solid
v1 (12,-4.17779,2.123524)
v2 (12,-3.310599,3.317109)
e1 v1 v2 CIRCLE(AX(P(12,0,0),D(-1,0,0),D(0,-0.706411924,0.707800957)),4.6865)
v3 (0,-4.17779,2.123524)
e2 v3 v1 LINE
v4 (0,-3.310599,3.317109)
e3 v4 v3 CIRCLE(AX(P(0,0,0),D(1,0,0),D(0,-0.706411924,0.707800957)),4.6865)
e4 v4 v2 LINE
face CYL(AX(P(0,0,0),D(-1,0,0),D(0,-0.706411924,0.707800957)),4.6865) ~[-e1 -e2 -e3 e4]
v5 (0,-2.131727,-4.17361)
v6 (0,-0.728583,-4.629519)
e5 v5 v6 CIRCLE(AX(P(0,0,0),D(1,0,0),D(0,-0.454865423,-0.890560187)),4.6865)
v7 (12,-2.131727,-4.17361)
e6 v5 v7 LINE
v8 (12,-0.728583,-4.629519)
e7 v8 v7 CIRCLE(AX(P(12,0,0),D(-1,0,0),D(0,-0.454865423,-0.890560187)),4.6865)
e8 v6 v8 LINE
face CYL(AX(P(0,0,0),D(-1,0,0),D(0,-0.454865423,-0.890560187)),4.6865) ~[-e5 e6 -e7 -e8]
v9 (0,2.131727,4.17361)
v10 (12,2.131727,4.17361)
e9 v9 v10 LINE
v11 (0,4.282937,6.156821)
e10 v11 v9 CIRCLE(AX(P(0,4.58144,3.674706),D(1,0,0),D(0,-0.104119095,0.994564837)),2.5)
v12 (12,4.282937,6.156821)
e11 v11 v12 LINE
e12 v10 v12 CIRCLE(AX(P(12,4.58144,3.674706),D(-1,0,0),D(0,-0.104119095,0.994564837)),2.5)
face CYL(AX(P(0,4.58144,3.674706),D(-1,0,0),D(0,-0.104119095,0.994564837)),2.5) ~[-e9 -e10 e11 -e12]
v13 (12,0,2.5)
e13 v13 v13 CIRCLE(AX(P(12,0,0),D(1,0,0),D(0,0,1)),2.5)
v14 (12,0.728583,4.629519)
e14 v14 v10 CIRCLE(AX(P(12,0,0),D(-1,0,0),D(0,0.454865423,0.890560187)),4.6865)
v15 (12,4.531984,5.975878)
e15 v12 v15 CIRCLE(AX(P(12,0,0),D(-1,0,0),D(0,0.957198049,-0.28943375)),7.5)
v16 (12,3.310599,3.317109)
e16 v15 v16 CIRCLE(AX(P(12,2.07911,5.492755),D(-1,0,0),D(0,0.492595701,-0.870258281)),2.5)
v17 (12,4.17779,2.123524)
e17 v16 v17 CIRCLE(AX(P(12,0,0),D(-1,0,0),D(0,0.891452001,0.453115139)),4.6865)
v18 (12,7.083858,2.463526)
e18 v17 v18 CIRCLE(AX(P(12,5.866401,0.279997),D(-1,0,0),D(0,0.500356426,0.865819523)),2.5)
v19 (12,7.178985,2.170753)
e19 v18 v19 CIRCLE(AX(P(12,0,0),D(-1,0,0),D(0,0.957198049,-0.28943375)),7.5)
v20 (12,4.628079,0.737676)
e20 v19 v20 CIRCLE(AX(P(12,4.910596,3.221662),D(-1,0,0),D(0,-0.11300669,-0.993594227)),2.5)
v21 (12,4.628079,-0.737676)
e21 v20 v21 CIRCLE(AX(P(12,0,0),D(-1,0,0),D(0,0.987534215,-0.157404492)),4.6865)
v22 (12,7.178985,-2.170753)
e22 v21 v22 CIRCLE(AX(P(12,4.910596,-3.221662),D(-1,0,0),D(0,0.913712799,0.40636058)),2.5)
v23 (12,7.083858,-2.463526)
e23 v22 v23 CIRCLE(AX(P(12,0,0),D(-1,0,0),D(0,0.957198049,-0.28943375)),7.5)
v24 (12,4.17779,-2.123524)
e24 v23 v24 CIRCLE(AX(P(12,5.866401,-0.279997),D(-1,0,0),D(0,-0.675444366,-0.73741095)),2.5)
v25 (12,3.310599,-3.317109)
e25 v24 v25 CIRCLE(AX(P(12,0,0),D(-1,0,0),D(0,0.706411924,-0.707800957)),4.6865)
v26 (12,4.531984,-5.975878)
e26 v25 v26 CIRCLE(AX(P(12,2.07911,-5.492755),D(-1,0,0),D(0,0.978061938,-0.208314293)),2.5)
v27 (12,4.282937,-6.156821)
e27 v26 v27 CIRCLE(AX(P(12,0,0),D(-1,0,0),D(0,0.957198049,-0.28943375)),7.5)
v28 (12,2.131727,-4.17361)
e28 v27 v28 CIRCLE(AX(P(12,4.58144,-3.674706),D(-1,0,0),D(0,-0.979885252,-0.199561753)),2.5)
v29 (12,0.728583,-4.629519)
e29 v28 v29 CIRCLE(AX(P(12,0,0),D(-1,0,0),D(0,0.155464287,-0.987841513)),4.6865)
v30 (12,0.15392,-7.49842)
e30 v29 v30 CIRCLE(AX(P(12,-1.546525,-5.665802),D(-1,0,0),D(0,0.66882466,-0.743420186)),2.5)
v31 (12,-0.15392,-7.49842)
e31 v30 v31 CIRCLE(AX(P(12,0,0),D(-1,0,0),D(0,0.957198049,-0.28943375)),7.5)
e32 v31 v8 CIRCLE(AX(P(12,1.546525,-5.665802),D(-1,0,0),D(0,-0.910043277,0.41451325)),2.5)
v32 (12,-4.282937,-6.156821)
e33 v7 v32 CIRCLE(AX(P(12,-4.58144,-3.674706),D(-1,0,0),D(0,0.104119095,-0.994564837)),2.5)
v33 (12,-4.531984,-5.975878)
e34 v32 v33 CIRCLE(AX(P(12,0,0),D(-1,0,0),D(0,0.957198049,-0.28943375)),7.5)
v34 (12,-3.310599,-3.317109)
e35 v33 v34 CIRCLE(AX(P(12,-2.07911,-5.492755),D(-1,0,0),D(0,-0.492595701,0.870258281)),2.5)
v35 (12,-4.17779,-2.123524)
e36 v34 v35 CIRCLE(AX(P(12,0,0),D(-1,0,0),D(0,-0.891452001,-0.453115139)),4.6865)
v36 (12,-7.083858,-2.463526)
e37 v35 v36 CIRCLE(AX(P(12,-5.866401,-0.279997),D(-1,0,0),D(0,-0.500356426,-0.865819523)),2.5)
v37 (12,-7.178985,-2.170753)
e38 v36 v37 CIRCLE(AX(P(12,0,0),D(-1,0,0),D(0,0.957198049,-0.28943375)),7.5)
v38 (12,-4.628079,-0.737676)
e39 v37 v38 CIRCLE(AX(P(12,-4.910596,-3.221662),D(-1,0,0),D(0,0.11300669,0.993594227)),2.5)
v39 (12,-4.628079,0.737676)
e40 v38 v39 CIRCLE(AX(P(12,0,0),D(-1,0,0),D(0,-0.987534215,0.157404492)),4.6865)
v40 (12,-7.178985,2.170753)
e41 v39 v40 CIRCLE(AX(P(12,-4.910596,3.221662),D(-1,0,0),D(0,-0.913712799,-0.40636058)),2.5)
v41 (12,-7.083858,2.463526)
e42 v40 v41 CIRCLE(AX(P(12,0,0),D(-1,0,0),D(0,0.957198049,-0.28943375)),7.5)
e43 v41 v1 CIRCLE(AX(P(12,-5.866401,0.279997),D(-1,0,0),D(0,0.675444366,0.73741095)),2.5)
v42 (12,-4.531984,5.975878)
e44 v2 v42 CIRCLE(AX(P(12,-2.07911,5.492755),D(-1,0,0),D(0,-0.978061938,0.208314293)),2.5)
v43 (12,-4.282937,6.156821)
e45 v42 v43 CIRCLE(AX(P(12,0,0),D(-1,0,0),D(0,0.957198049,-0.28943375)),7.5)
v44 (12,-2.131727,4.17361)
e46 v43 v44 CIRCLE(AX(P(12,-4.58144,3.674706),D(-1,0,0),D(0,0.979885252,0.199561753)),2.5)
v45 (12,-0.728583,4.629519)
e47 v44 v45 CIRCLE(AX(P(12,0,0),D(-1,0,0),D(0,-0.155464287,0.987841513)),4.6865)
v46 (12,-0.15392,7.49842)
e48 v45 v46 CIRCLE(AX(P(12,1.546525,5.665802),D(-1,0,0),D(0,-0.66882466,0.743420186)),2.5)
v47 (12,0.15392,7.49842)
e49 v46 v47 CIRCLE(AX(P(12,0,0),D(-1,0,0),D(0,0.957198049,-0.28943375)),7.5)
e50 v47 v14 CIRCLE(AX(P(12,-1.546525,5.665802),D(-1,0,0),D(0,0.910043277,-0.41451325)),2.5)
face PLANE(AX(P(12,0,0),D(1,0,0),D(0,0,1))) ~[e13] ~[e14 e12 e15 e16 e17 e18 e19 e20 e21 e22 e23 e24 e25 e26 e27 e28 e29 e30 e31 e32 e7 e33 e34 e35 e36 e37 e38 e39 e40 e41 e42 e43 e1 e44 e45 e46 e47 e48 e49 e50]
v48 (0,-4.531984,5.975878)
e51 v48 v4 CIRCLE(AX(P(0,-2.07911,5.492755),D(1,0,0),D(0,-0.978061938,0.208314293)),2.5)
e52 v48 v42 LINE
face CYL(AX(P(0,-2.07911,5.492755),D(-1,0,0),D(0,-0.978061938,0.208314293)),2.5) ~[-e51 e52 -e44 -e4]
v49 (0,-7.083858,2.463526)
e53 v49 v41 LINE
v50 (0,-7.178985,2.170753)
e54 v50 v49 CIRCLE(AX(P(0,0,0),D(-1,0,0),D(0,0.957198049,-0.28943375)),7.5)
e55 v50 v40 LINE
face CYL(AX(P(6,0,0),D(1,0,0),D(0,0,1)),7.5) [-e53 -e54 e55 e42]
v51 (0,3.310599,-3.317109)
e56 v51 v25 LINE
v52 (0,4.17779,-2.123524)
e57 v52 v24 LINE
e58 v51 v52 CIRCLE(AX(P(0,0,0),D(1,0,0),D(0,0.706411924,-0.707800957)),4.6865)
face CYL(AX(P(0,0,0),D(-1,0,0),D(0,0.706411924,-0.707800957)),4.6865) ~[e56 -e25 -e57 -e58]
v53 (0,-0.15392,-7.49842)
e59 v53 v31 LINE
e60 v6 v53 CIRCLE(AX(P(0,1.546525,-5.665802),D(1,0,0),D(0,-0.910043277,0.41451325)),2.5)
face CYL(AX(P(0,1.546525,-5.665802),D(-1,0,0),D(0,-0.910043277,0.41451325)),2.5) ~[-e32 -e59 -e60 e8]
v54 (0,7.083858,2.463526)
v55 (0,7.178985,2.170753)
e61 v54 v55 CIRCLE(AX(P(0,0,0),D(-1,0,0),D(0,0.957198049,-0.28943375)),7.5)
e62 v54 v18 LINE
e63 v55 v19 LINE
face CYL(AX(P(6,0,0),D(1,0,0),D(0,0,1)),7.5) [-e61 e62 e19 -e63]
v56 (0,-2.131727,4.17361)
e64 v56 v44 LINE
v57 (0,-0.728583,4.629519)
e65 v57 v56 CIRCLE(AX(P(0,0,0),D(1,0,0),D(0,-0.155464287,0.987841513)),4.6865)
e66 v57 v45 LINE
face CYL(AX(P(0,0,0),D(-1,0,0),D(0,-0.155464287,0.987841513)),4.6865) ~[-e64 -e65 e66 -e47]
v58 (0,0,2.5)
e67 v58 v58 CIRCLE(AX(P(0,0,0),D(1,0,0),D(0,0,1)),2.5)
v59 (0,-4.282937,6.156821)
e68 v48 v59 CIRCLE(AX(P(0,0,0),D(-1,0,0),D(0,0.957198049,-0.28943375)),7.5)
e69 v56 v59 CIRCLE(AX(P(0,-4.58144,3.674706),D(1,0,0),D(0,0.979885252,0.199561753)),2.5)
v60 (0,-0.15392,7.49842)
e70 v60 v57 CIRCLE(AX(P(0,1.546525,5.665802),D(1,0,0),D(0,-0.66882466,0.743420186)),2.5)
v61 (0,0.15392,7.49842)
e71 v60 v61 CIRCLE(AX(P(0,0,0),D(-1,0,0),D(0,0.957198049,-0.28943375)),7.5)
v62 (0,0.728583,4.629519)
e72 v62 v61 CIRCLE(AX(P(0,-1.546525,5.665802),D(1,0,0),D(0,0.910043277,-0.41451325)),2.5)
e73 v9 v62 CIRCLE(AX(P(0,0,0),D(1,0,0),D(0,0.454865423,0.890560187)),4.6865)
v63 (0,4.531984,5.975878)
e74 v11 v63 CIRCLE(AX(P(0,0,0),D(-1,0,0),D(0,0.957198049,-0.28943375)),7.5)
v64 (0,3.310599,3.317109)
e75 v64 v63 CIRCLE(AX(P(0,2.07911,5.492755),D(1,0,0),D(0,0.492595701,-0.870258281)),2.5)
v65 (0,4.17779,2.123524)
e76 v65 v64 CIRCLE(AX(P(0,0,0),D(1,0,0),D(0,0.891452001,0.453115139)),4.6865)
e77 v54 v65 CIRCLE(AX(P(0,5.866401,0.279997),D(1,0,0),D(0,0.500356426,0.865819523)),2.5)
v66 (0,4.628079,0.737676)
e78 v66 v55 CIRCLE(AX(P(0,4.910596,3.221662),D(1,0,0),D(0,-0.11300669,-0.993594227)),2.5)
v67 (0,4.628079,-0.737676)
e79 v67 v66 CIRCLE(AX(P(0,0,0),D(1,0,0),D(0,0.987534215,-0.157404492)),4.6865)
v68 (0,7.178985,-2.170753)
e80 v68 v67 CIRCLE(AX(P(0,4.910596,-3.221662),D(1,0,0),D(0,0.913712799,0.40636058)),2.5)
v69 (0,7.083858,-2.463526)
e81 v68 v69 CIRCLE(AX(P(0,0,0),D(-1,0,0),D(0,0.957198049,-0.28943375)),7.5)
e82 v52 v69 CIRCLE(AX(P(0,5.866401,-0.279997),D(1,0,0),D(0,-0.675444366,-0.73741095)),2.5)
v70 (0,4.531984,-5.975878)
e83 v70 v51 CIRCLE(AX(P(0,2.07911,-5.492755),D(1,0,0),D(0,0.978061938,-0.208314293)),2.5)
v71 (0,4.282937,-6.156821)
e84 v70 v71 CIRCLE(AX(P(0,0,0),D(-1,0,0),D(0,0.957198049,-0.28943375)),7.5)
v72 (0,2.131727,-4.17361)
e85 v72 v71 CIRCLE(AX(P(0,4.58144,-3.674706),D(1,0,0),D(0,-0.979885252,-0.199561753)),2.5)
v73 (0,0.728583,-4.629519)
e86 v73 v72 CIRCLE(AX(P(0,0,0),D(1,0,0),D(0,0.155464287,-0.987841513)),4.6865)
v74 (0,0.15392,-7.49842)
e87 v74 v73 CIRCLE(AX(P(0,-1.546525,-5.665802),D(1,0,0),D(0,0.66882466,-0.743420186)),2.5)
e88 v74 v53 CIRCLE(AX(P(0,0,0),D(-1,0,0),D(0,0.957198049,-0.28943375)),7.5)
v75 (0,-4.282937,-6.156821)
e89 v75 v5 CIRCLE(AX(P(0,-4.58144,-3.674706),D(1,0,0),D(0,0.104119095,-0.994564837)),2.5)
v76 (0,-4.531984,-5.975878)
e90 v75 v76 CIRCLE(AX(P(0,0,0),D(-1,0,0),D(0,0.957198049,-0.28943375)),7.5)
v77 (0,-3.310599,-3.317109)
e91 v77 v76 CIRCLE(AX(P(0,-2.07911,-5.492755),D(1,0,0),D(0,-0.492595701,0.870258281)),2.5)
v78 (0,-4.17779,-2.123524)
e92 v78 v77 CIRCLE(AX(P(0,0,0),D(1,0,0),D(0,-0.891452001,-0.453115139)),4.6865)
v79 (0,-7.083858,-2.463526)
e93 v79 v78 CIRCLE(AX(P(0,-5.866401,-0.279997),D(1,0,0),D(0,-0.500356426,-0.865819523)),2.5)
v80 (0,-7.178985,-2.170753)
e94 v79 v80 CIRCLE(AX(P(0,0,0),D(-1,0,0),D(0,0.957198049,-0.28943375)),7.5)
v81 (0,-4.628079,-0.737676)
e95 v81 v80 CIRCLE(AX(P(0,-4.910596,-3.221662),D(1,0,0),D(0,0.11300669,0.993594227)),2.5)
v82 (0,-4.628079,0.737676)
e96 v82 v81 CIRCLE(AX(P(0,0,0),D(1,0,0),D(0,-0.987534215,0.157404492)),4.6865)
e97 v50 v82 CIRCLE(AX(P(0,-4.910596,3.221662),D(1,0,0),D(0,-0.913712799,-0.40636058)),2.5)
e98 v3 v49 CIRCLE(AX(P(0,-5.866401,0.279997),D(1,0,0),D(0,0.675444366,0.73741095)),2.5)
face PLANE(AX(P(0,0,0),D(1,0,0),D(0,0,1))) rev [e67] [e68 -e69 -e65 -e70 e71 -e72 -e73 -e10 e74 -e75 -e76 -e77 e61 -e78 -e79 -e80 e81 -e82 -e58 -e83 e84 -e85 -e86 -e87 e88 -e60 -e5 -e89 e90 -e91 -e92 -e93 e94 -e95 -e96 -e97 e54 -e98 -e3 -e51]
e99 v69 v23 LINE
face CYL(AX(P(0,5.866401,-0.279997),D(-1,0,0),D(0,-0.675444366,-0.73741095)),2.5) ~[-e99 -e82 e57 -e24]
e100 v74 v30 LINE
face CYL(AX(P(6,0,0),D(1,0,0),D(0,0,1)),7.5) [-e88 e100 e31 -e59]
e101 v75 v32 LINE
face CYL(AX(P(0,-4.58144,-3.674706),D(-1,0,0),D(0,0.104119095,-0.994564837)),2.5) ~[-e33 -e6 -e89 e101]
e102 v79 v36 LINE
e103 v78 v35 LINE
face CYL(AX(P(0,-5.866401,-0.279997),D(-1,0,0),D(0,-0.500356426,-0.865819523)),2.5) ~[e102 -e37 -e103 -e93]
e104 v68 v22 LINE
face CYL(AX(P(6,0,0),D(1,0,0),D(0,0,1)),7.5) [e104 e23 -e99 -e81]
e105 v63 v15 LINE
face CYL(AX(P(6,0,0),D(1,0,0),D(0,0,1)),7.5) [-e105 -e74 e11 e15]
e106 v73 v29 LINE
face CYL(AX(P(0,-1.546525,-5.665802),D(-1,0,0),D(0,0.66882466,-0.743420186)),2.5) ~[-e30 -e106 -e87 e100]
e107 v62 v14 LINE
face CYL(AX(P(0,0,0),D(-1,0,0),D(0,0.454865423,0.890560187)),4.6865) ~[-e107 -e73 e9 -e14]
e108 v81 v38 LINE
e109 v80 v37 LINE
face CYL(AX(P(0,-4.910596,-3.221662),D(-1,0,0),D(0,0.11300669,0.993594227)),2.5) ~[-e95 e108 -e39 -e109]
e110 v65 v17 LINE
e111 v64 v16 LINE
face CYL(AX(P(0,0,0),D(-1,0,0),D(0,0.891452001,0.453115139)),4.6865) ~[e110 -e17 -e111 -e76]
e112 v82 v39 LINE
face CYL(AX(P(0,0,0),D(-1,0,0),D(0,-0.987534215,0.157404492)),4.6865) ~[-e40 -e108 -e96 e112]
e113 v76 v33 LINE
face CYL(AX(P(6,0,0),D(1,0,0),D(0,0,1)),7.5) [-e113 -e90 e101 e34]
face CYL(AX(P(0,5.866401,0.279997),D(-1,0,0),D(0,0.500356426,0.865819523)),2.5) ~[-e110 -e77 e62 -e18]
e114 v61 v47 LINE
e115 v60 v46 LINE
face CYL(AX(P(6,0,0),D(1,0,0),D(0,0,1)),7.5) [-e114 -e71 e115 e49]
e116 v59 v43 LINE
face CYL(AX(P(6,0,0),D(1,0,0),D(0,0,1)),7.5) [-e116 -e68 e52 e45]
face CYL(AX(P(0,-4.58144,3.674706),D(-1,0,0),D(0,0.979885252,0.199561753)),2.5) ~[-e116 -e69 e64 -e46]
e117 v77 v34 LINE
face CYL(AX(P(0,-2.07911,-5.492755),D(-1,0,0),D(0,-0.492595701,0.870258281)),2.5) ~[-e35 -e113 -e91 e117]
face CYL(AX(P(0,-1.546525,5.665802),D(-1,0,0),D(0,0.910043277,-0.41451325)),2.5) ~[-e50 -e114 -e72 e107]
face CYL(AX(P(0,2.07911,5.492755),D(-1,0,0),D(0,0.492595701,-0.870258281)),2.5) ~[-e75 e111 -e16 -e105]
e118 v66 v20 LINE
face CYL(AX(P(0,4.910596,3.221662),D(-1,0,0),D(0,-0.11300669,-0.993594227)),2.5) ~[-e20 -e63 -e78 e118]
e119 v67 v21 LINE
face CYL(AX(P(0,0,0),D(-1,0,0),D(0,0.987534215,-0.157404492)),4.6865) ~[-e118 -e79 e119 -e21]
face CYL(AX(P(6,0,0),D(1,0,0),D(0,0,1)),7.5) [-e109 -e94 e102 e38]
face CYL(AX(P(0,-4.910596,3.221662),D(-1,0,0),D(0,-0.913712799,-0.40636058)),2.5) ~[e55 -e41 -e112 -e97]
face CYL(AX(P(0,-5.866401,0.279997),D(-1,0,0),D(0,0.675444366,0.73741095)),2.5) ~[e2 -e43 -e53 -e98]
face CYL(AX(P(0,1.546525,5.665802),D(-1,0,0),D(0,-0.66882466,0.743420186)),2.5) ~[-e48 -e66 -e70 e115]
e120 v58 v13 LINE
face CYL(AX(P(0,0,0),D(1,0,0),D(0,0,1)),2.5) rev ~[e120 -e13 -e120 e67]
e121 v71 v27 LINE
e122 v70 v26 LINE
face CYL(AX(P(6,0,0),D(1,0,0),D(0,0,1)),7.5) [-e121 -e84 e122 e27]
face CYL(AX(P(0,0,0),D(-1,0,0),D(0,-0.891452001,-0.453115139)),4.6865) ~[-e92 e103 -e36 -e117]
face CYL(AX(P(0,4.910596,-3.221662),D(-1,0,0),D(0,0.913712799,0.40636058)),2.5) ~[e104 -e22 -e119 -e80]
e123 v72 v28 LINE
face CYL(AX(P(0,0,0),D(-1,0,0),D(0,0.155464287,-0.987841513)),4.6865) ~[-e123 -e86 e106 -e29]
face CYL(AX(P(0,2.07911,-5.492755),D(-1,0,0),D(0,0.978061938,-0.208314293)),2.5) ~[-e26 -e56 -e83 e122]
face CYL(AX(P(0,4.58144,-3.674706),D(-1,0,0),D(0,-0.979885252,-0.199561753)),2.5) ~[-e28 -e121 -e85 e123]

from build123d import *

# Parameters (mm, degrees)
BASPROSKE_W     = 12
BASPROSKE_H     = 7.5
TOOTHCUT_DEPTH  = 17.015617378
TEETHCUTS_COUNT = 10
BORSKE_R        = 2.5
BORE_DEPTH      = 50.0000508


with BuildPart() as part:
    # BasProSke → Base-Revolve (revolve)
    with BuildSketch(Plane(origin=(0, 0, 0), x_dir=(1, 0, 0), z_dir=(0, 1, 0)), mode=Mode.PRIVATE) as base_revolve_sk:
        with Locations((6, 3.75)):
            Rectangle(BASPROSKE_W, BASPROSKE_H)
    revolve(base_revolve_sk.sketch.rotate(Axis((-10, 0, 0), (1, 0, 0)), 180), axis=Axis((-10, 0, 0), (1, 0, 0)))

    # TooCutSke → ToothCut (cut, through all)
    with BuildSketch(Plane(origin=(0, 0, 0), x_dir=(0, 0, -1), z_dir=(1, 0, 0))):
        with BuildLine():
            ThreePointArc((0.737676151, 4.628079099), (0, 4.6865), (-0.737676151, 4.628079099))
            ThreePointArc((-0.737676151, 4.628079099), (-1.051542781, 6.151798382), (-2.205760267, 7.194877817))
            ThreePointArc((-2.205760267, 7.194877817), (0, 7.5254), (2.205760267, 7.194877817))
            ThreePointArc((2.205760267, 7.194877817), (1.051542781, 6.151798382), (0.737676151, 4.628079099))
        make_face()
    toothcut = extrude(amount=TOOTHCUT_DEPTH, mode=Mode.SUBTRACT)

    # TeethCuts: ToothCut ×10 about axis
    teethcuts_axis = Axis((0, 0, 0), (1, 0, 0))
    for i in range(1, TEETHCUTS_COUNT):
        add(toothcut.rotate(teethcuts_axis, i * 360 / TEETHCUTS_COUNT), mode=Mode.SUBTRACT)

    # BorSke → Bore (cut, symmetric)
    with BuildSketch(Plane(origin=(0, 0, 0), x_dir=(0, 0, -1), z_dir=(1, 0, 0))):
        with Locations(Location((0, 0, 0), (0, 0, 180))):
            Circle(BORSKE_R)
    extrude(amount=BORE_DEPTH, both=True, mode=Mode.SUBTRACT)


solid = part.part
